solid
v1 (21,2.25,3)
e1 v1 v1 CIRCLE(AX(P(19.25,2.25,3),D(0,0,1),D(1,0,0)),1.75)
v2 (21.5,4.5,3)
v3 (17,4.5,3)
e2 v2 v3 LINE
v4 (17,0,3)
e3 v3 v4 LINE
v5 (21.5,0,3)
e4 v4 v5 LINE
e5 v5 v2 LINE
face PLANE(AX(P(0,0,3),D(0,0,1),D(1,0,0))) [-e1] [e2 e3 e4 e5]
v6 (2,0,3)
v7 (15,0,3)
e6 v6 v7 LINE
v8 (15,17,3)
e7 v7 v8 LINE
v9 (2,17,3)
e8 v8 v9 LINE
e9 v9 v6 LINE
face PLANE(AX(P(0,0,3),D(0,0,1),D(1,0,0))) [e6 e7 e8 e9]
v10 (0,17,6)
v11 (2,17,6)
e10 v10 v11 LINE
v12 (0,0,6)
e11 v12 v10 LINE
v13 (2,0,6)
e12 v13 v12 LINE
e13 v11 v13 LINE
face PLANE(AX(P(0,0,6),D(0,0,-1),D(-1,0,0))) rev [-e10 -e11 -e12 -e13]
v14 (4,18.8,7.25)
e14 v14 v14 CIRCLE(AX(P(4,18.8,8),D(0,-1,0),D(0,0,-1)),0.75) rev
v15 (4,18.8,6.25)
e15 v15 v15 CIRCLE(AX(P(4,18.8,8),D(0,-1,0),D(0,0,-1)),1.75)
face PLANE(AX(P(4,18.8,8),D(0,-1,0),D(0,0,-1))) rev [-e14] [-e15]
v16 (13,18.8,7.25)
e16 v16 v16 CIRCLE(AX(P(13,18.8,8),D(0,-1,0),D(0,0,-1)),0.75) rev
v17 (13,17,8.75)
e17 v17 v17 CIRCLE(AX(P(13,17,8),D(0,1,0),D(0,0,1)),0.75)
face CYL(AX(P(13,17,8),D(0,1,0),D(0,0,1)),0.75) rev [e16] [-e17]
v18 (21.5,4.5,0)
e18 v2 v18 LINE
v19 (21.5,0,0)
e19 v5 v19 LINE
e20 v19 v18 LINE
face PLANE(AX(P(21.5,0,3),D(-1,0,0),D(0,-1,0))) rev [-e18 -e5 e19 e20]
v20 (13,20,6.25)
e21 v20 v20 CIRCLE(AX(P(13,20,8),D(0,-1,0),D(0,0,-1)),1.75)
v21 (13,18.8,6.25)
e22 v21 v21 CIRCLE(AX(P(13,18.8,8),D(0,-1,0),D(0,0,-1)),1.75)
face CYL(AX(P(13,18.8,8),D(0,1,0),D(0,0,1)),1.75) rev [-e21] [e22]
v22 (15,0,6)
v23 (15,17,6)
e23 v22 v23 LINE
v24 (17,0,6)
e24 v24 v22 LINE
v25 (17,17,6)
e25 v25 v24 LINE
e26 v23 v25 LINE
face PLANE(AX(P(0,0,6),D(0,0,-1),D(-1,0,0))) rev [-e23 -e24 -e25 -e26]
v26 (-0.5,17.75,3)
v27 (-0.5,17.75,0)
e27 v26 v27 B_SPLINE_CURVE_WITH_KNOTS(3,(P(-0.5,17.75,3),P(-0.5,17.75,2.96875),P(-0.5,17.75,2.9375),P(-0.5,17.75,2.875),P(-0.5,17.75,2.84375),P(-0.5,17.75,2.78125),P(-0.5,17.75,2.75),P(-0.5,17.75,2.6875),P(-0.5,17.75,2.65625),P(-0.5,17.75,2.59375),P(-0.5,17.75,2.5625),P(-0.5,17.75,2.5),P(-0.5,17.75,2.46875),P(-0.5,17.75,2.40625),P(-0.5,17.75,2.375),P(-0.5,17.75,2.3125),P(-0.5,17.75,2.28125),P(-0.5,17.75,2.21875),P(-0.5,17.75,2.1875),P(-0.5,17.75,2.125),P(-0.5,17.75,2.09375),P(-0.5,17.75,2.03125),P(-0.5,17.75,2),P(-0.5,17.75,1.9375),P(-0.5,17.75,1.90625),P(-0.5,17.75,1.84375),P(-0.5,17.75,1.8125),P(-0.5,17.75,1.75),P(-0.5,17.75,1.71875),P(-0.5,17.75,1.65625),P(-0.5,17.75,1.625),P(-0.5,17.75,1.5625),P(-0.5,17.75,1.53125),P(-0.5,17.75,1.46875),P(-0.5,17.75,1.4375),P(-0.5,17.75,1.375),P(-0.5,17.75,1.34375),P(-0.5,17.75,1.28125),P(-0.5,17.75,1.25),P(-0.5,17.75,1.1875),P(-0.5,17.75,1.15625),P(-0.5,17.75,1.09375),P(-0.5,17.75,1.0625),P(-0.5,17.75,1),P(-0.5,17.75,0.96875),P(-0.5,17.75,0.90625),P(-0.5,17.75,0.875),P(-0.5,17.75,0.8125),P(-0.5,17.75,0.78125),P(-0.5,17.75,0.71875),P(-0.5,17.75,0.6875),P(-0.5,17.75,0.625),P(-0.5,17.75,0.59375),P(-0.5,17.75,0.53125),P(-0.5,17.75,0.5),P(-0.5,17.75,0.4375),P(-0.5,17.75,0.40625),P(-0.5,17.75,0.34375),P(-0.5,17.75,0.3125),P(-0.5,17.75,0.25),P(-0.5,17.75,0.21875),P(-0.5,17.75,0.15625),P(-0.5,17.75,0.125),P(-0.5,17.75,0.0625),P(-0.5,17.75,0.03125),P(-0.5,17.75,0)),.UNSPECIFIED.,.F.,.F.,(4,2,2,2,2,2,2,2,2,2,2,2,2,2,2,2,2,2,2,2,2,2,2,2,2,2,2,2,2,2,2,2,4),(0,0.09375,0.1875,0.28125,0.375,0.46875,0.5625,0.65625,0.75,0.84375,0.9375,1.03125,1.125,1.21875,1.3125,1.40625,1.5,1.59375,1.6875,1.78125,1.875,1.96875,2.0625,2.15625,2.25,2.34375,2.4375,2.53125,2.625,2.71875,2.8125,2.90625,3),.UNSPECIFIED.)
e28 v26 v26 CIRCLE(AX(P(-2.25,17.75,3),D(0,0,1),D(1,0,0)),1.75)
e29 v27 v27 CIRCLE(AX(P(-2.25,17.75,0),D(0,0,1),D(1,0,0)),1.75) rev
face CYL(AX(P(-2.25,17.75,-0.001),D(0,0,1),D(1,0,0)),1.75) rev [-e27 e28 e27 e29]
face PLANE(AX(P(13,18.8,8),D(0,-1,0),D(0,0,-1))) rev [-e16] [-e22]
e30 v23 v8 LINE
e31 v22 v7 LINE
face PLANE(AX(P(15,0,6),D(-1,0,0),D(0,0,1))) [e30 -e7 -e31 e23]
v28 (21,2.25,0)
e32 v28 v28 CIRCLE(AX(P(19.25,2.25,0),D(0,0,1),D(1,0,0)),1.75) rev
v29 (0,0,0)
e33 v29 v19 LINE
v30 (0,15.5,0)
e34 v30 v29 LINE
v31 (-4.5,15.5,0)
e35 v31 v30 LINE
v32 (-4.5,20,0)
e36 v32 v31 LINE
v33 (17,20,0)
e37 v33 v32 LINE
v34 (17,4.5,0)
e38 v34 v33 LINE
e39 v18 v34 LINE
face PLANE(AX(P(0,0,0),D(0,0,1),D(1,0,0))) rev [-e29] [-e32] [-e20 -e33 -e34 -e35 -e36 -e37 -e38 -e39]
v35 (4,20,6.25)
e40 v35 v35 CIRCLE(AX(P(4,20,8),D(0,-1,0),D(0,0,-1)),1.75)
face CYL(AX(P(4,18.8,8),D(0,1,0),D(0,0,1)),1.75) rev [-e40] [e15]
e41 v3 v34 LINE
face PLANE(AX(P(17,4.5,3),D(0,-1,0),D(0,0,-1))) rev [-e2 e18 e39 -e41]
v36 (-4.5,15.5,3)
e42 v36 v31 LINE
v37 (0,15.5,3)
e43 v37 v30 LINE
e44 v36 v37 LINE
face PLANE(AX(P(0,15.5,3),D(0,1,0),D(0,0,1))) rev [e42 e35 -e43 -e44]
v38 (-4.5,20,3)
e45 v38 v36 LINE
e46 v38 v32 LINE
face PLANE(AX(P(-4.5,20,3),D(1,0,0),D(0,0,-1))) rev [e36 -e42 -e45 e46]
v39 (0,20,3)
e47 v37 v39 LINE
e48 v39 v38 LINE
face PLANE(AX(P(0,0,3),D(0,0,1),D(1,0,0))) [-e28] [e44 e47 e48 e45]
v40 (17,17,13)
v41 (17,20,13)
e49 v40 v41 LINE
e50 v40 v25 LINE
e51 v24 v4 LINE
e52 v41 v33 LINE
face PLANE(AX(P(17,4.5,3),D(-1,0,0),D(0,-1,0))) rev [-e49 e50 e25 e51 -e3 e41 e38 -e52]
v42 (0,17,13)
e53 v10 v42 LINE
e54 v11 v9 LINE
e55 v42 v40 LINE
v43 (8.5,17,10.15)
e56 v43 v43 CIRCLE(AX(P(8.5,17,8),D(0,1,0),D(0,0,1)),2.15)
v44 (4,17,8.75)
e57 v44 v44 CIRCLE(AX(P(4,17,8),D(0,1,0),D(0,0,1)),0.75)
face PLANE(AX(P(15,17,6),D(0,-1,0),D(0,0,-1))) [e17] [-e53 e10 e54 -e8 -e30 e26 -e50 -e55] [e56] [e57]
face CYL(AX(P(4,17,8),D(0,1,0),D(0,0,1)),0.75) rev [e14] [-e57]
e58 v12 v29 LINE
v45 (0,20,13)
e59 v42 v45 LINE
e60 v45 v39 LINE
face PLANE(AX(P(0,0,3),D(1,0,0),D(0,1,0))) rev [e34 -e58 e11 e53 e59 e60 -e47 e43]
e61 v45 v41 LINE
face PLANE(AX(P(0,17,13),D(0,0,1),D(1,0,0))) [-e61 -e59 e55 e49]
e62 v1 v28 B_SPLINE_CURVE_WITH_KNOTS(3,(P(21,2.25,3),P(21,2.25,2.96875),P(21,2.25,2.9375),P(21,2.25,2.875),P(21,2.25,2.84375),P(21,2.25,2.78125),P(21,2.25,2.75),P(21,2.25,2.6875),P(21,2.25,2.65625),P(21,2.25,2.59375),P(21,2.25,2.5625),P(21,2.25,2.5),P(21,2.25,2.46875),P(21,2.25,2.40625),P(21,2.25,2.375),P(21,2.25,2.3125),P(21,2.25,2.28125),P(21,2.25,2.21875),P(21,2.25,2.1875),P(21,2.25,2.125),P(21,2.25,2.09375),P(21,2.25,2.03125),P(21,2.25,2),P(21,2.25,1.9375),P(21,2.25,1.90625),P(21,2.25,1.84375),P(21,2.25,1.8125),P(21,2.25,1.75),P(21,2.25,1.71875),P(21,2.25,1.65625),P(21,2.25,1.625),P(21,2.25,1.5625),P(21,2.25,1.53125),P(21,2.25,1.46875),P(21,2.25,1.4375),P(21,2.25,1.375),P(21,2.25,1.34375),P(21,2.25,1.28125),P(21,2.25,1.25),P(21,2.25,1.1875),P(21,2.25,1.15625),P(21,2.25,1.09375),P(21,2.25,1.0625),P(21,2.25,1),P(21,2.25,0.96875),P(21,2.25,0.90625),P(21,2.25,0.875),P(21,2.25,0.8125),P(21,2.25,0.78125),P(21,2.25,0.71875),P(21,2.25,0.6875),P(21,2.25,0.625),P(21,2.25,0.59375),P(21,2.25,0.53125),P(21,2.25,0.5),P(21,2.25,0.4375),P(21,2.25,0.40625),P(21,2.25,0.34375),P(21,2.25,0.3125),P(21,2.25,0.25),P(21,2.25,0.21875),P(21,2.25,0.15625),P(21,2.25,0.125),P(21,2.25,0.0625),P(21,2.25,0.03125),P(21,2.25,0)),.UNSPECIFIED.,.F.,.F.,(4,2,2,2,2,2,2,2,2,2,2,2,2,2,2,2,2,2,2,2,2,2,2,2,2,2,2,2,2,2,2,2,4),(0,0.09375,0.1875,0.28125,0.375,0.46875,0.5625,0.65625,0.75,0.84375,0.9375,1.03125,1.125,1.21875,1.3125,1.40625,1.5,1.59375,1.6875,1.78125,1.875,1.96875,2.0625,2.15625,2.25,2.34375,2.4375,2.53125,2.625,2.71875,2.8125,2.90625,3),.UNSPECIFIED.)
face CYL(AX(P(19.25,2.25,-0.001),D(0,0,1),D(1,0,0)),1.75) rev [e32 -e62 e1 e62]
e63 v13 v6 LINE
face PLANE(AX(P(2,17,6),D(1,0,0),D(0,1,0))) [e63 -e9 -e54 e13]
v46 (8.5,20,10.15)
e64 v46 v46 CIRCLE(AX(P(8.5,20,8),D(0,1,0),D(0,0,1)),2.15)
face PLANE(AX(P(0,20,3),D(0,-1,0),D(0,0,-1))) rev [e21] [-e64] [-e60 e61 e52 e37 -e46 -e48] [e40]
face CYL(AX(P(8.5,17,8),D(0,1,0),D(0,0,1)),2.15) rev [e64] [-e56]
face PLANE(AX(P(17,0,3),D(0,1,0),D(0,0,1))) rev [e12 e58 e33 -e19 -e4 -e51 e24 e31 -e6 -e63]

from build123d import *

# Parameters (mm, degrees)
BOSS_EXTRUDE1_DEPTH = 3
BOSS_EXTRUDE2_DEPTH = 3
SKETCH3_W           = 17
SKETCH3_H           = 13
SKETCH3_R           = 2.15
SKETCH3_R_2         = 0.75
BOSS_EXTRUDE3_DEPTH = 3
CUT_EXTRUDE2_REACH  = 32.336
SKETCH6_R           = 2.15
CUT_EXTRUDE3_REACH  = 33.02
SKETCH8_R           = 1.75
SKETCH4_R           = 1.75
CUT_EXTRUDE4_DEPTH  = 1.2


with BuildPart() as part:
    # Sketch1 → Boss-Extrude1 (new body)
    with BuildSketch(Plane.XY):
        Polygon((0, 0), (17, 0), (21.5, 0), (21.5, 4.5), (17, 4.5), (17, 20), (0, 20), (-4.5, 20), (-4.5, 15.5), (0, 15.5), align=None)
    extrude(amount=BOSS_EXTRUDE1_DEPTH)

    # Sketch2 → Boss-Extrude2 (add)
    with BuildSketch(Plane.XY.offset(3)):
        Polygon((0, 20), (0, 15.5), (0, 0), (2, 0), (2, 17), (15, 17), (15, 0), (17, 0), (17, 20), align=None)
    extrude(amount=BOSS_EXTRUDE2_DEPTH)

    # Sketch3 → Boss-Extrude3 (add)
    with BuildSketch(Plane(origin=(0, 20, 0), x_dir=(1, 0, 0), z_dir=(0, 1, 0))):
        with Locations((8.5, -6.5)):
            Rectangle(SKETCH3_W, SKETCH3_H)
        with Locations((8.5, -8)):
            Circle(SKETCH3_R, mode=Mode.SUBTRACT)
        with Locations((13, -8)):
            Circle(SKETCH3_R_2, mode=Mode.SUBTRACT)
        with Locations((4, -8)):
            Circle(SKETCH3_R_2, mode=Mode.SUBTRACT)
    extrude(amount=-BOSS_EXTRUDE3_DEPTH)

    # Sketch6 → Cut-Extrude2 (cut, up to next)
    with BuildSketch(Plane(origin=(0, 17, 0), x_dir=(-1, 0, 0), z_dir=(0, -1, 0)), mode=Mode.PRIVATE) as cut_extrude2_sk1:
        with Locations((-8.5, -8)):
            Circle(SKETCH6_R)
    cut_extrude2_tool1 = extrude(cut_extrude2_sk1.sketch, amount=-CUT_EXTRUDE2_REACH, mode=Mode.PRIVATE) & part.part
    add(cut_extrude2_tool1.solids().sort_by_distance((8.5, 17, 8))[0], mode=Mode.SUBTRACT)

    # Sketch8 → Cut-Extrude3 (cut, up to next)
    with BuildSketch(Plane.XY.offset(3), mode=Mode.PRIVATE) as cut_extrude3_sk1:
        with Locations((19.25, 2.25)):
            Circle(SKETCH8_R)
    cut_extrude3_tool1 = extrude(cut_extrude3_sk1.sketch, amount=-CUT_EXTRUDE3_REACH, mode=Mode.PRIVATE) & part.part
    # Sketch8 → Cut-Extrude3 (cut, up to next)
    with BuildSketch(Plane.XY.offset(3), mode=Mode.PRIVATE) as cut_extrude3_sk2:
        with Locations((-2.25, 17.75)):
            Circle(SKETCH8_R)
    cut_extrude3_tool2 = extrude(cut_extrude3_sk2.sketch, amount=-CUT_EXTRUDE3_REACH, mode=Mode.PRIVATE) & part.part
    add(cut_extrude3_tool1.solids().sort_by_distance((19.25, 2.25, 3))[0], mode=Mode.SUBTRACT)
    add(cut_extrude3_tool2.solids().sort_by_distance((-2.25, 17.75, 3))[0], mode=Mode.SUBTRACT)

    # Sketch4 → Cut-Extrude4 (cut)
    with BuildSketch(Plane(origin=(0, 20, 0), x_dir=(-1, 0, 0), z_dir=(0, -1, 0))):
        with Locations((-4, -8)):
            Circle(SKETCH4_R)
        with Locations((-13, -8)):
            Circle(SKETCH4_R)
    extrude(amount=CUT_EXTRUDE4_DEPTH, mode=Mode.SUBTRACT)


solid = part.part
